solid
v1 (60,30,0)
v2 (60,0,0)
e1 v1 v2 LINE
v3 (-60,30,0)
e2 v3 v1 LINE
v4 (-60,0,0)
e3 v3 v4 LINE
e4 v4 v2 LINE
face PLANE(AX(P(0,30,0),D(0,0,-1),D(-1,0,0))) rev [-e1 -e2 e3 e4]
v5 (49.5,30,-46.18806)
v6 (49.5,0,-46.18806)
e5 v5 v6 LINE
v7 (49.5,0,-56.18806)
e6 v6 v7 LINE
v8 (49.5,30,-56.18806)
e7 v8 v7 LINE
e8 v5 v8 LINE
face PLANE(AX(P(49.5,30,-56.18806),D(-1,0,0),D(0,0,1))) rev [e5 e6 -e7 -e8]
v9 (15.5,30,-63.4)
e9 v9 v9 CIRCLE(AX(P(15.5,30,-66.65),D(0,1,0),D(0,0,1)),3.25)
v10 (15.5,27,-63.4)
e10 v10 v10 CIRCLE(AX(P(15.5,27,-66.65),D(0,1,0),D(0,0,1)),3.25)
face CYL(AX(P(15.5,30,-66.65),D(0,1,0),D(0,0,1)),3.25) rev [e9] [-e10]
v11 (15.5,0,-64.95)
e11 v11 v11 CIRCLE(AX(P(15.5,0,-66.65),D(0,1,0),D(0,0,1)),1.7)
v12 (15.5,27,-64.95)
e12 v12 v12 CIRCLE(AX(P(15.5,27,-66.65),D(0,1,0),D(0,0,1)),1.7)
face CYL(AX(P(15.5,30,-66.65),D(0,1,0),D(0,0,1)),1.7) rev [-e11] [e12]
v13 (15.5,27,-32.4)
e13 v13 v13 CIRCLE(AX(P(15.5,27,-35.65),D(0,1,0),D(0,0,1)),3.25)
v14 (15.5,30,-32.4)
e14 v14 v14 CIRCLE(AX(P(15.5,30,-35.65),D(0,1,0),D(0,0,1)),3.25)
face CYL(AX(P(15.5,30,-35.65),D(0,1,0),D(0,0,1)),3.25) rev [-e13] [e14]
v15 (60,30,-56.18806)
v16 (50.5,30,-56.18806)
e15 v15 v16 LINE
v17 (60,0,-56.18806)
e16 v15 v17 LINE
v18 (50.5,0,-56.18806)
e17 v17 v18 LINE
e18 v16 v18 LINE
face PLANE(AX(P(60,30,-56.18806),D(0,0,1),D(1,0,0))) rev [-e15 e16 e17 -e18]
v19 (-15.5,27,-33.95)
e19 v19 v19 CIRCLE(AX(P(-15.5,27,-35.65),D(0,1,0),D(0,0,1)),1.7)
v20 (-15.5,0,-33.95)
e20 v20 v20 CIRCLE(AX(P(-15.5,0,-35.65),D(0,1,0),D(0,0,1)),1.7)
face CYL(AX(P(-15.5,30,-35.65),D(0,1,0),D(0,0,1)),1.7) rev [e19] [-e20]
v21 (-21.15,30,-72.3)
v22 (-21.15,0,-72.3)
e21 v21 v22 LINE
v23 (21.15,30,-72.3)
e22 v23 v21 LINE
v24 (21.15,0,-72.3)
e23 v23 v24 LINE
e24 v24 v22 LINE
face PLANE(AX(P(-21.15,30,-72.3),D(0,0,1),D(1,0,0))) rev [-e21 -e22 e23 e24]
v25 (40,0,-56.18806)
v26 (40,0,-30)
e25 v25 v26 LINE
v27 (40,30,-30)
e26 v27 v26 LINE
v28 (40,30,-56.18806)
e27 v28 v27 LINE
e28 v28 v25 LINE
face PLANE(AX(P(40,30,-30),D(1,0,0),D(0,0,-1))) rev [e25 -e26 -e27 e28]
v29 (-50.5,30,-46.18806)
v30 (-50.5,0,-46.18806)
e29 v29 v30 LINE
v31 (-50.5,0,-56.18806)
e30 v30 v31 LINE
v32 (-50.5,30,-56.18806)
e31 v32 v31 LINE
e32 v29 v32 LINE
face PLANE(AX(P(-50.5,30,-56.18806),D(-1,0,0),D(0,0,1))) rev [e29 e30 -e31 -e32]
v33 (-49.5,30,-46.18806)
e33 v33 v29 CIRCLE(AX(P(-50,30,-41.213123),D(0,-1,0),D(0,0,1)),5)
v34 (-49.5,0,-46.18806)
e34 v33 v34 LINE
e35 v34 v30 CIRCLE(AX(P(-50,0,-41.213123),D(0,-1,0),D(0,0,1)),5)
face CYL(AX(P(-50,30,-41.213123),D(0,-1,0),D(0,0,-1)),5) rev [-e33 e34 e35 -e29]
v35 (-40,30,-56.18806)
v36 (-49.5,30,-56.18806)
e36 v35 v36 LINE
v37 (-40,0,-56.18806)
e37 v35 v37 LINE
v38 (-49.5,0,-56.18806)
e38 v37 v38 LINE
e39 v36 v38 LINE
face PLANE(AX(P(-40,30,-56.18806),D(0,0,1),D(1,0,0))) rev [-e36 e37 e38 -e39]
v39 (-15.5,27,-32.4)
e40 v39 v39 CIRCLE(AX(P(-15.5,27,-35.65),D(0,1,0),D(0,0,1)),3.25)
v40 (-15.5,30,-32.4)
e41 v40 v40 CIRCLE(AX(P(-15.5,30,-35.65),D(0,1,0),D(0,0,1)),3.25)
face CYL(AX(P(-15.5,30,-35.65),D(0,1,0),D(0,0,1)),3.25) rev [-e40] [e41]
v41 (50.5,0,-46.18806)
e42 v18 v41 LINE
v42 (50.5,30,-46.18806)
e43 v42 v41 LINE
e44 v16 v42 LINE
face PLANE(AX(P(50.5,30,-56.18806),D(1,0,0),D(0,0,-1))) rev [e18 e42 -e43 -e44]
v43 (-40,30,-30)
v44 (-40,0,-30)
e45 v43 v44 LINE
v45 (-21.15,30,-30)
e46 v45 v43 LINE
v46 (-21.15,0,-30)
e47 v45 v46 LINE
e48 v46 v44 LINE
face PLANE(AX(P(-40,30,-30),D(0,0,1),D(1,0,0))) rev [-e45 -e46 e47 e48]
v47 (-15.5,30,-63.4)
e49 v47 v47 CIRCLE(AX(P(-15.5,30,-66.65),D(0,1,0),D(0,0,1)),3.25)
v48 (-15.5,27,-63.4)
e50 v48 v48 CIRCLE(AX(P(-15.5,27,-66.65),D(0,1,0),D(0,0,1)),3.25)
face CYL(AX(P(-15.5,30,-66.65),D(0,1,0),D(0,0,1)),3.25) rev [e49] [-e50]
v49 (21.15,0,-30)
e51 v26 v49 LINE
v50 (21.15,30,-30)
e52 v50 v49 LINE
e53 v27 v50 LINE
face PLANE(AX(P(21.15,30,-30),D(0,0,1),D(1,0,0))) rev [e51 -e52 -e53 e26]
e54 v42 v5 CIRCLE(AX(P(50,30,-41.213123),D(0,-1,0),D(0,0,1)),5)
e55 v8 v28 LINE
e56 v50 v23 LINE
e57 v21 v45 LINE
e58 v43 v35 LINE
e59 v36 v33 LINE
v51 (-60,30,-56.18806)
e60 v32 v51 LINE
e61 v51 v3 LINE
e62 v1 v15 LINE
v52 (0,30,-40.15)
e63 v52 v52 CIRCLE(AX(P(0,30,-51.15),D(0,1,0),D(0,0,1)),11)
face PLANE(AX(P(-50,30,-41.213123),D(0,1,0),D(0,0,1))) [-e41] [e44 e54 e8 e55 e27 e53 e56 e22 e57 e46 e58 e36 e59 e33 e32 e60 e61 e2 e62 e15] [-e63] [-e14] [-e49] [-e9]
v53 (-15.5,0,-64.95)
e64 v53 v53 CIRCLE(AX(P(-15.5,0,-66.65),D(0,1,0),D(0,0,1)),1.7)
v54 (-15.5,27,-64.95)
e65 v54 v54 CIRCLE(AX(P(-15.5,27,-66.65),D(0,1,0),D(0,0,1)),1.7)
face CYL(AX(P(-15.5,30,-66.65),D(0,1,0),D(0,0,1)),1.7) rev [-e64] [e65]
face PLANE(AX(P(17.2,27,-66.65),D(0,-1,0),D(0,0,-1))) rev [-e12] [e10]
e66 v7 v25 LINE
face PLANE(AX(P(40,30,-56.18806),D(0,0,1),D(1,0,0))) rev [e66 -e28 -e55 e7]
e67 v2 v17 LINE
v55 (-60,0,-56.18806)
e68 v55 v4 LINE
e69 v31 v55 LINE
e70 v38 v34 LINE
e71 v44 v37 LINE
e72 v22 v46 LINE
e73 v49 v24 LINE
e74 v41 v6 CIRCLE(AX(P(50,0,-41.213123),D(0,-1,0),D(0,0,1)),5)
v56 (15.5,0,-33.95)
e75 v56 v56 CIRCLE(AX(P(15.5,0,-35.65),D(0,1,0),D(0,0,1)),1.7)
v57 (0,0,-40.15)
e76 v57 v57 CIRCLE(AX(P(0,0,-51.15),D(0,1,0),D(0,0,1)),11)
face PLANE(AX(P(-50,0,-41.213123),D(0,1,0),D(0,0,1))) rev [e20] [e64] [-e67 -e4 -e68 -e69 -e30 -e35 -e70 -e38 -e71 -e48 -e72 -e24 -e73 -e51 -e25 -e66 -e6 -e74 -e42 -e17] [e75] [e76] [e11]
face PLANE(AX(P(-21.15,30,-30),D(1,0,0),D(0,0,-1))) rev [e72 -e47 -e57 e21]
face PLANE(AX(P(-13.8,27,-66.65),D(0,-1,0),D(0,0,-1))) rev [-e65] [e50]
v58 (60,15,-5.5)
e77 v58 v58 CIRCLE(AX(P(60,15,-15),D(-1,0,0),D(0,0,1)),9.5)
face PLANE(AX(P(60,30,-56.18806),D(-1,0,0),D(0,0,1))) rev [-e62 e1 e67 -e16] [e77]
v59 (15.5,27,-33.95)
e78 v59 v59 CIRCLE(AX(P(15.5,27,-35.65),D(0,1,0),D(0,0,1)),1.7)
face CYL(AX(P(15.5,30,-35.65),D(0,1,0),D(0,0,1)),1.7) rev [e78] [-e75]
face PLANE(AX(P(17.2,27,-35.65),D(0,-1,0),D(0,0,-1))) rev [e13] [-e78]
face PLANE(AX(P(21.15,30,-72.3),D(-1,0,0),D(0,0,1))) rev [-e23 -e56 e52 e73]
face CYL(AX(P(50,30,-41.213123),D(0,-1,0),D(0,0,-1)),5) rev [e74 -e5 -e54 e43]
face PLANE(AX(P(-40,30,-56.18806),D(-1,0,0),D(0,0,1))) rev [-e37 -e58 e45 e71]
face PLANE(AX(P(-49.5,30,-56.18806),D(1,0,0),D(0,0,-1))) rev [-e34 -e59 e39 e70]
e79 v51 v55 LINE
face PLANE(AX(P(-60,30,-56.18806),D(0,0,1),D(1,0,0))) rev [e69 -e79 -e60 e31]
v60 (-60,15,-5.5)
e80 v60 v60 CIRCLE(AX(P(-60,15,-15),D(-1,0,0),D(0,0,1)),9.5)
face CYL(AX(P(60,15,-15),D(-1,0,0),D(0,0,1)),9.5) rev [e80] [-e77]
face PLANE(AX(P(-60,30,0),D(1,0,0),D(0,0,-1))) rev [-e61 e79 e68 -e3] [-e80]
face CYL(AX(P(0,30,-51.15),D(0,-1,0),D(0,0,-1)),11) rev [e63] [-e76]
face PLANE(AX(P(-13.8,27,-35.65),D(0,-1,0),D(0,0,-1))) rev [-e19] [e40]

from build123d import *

# Parameters (mm, degrees)
SKETCH_3_R                  = 11
EXTRUDE_1_DEPTH             = 30
HOLE_WIZARD_M32_D           = 3.4
HOLE_WIZARD_M32_CBORE_D     = 6.5
HOLE_WIZARD_M32_CBORE_DEPTH = 3
SKETCH_15_R                 = 9.5
CUT_EXTRUDE_1_DEPTH         = 144.273479751


with BuildPart() as part:
    # Эскиз3 → Бобышка-Вытянуть1 (new body)
    with BuildSketch(Plane(origin=(0, 0, 0), x_dir=(1, 0, 0), z_dir=(0, 1, 0))):
        with BuildLine():
            Line((0, 0), (-60, 0))
            Line((-60, 0), (-60, 56.188060056))
            Line((-60, 56.188060056), (-50.5, 56.188060056))
            Line((-50.5, 56.188060056), (-50.5, 46.188060056))
            ThreePointArc((-50.5, 46.188060056), (-50, 36.21312287), (-49.5, 46.188060056))
            Line((-49.5, 46.188060056), (-49.5, 56.188060056))
            Line((-49.5, 56.188060056), (-40, 56.188060056))
            Line((-40, 56.188060056), (-40, 30))
            Line((-40, 30), (-21.15, 30))
            Line((-21.15, 30), (-21.15, 72.3))
            Line((-21.15, 72.3), (21.15, 72.3))
            Line((21.15, 72.3), (21.15, 30))
            Line((21.15, 30), (40, 30))
            Line((40, 30), (40, 56.188060056))
            Line((40, 56.188060056), (49.5, 56.188060056))
            Line((49.5, 56.188060056), (49.5, 46.188060056))
            ThreePointArc((49.5, 46.188060056), (50, 36.21312287), (50.5, 46.188060056))
            Line((50.5, 46.188060056), (50.5, 56.188060056))
            Line((50.5, 56.188060056), (60, 56.188060056))
            Line((60, 56.188060056), (60, 0))
            Line((60, 0), (0, 0))
        make_face()
        with Locations(Location((0, 51.15, 0), (0, 0, 270))):
            Circle(SKETCH_3_R, mode=Mode.SUBTRACT)
    extrude(amount=EXTRUDE_1_DEPTH)

    # Цековка для винта с внутренним шестигранником M32 (through all)
    with Locations(Plane(origin=(0, 30, 0), x_dir=(1, 0, 0), z_dir=(0, 1, 0))):
        with Locations((-15.5, 66.65), (15.5, 66.65), (15.5, 35.65), (-15.5, 35.65)):
            CounterBoreHole(HOLE_WIZARD_M32_D / 2, HOLE_WIZARD_M32_CBORE_D / 2, HOLE_WIZARD_M32_CBORE_DEPTH)

    # Эскиз15 → Вырез-Вытянуть1 (cut, through all)
    with BuildSketch(Plane.ZY.offset(60)):
        with Locations((-15, 15)):
            Circle(SKETCH_15_R)
    extrude(amount=-CUT_EXTRUDE_1_DEPTH, mode=Mode.SUBTRACT)


solid = part.part
